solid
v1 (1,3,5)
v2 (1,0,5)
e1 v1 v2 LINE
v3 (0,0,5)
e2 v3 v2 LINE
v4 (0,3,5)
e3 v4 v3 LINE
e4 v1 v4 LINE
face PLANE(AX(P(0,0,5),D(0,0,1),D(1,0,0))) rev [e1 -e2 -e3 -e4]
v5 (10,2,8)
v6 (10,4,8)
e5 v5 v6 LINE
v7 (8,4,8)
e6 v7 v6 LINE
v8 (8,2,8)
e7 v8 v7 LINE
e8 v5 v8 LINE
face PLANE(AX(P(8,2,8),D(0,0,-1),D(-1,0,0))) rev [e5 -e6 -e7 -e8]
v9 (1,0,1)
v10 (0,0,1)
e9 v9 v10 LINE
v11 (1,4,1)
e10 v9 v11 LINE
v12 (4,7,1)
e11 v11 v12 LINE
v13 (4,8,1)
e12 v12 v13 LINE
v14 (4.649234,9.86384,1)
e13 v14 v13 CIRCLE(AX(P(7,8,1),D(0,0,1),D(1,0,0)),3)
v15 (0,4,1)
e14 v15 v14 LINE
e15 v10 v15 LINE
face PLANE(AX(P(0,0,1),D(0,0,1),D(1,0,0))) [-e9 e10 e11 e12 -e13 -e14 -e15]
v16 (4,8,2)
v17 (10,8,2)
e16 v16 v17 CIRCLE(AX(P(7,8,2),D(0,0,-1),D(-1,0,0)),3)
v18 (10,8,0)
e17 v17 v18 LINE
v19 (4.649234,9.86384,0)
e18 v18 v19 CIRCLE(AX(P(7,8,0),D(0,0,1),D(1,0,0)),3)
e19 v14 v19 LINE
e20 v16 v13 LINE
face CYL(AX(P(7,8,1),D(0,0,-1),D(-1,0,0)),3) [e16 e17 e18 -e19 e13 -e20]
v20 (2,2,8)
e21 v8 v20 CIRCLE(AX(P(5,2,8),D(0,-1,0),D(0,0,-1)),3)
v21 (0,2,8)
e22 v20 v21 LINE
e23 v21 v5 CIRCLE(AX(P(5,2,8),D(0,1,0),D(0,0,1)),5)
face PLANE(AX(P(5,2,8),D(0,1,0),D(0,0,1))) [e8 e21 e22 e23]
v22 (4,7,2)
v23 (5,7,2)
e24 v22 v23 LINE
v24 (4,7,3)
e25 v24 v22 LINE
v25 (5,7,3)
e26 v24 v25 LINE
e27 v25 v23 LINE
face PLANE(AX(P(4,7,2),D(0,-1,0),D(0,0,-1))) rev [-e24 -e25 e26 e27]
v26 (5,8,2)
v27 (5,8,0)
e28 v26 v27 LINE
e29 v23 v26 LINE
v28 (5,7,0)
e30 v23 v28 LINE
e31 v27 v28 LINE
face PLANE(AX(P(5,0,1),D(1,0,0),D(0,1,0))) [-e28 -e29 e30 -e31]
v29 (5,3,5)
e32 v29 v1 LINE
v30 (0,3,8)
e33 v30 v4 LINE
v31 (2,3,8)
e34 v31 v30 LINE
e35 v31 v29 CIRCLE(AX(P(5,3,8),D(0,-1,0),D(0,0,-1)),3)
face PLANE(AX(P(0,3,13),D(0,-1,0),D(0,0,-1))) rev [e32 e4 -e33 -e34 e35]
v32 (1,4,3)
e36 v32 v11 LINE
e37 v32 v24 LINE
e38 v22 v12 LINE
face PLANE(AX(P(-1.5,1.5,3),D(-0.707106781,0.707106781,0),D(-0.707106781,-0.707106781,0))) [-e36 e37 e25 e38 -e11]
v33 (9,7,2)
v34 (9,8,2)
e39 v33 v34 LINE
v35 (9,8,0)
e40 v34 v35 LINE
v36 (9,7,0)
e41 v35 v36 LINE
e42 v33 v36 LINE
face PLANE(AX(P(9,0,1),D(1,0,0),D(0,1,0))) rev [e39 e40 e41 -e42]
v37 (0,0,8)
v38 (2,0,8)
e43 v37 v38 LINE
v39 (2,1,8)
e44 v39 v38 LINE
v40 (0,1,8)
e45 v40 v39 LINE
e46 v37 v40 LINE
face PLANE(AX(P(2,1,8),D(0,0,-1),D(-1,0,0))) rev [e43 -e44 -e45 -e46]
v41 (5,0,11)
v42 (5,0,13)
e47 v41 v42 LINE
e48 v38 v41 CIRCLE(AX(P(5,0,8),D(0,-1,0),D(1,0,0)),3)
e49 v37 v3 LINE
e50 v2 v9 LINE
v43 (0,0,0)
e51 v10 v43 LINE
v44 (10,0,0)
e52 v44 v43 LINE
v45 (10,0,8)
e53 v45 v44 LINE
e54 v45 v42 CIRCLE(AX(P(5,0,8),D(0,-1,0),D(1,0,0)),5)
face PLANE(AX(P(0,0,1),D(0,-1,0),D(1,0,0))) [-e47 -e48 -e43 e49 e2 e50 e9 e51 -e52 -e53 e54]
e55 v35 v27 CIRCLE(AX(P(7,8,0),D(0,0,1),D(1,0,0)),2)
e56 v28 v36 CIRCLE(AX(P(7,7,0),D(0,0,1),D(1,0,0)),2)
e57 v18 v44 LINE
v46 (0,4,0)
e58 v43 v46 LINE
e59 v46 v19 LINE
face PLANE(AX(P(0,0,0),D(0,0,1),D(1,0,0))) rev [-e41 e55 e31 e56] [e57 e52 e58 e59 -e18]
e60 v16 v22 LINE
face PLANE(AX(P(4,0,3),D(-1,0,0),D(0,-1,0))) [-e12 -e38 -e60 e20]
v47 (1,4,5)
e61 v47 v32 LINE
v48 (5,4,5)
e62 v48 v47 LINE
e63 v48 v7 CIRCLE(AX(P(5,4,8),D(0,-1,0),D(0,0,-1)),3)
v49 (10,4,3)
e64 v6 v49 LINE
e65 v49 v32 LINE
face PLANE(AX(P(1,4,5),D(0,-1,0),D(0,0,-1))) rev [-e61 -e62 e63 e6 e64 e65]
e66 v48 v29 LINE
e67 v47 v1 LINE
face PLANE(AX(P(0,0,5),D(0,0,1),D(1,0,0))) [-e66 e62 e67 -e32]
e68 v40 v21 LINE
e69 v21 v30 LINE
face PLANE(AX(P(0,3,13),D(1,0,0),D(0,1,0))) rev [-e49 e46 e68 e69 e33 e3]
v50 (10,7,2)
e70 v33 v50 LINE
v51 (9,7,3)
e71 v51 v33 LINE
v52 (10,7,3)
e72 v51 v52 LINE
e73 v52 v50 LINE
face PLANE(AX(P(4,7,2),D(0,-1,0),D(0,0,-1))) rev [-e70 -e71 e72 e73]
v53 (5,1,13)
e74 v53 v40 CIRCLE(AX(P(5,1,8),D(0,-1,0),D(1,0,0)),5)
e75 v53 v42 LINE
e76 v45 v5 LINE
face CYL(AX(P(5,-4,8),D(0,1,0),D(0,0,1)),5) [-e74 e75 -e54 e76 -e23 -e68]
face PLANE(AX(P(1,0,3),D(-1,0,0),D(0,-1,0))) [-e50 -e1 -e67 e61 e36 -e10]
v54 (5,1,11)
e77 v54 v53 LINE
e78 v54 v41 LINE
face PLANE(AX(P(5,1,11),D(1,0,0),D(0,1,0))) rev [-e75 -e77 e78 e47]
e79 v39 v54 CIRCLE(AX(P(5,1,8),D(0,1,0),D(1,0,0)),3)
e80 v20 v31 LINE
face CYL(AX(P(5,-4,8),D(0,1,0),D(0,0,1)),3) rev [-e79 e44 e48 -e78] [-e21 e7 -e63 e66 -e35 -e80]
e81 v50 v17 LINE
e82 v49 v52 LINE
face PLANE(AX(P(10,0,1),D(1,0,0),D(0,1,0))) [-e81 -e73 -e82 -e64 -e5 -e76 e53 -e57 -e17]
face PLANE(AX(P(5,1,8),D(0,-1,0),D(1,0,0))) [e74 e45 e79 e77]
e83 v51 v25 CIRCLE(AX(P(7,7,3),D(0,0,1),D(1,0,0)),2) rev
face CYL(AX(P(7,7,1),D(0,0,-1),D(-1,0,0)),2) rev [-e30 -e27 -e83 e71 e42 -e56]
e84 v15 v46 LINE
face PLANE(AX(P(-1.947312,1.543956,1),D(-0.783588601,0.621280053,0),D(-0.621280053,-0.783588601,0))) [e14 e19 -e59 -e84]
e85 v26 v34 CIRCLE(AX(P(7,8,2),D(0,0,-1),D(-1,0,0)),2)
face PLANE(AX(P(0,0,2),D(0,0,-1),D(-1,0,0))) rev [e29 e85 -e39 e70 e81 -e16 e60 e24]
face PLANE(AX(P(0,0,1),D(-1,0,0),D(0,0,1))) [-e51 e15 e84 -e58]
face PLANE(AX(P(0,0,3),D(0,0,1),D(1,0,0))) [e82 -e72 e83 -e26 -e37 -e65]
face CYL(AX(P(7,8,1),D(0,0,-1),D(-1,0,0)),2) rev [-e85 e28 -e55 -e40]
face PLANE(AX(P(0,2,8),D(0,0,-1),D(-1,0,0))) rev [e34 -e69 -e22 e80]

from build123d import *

# Parameters (mm, degrees)
BOSS_EXTRUDE1_DEPTH = 1
BOSS_EXTRUDE3_DEPTH = 2
SKETCH5_W           = 6.323405325
SKETCH5_H           = 4.405706714
CUT_EXTRUDE2_DEPTH  = 1
SKETCH6_W           = 9
SKETCH6_H           = 4
BOSS_EXTRUDE4_DEPTH = 2
SKETCH7_W           = 10
SKETCH7_H           = 3
BOSS_EXTRUDE5_DEPTH = 8
SKETCH8_R           = 3
CUT_EXTRUDE3_DEPTH  = 8
CUT_EXTRUDE4_DEPTH  = 1
CUT_EXTRUDE5_DEPTH  = 1
BOSS_EXTRUDE6_DEPTH = 1


with BuildPart() as part:
    # Sketch2 → Boss-Extrude1 (new body)
    with BuildSketch(Plane.XY):
        with BuildLine():
            Line((0, 0), (0, 4))
            Line((0, 4), (4.649234196, 9.863840158))
            ThreePointArc((4.649234196, 9.863840158), (7.986839041, 10.833045836), (10, 8))
            Line((10, 8), (10, 0))
            Line((10, 0), (0, 0))
        make_face()
        with BuildLine():
            Line((9, 8), (9, 7))
            ThreePointArc((9, 7), (7, 5), (5, 7))
            Line((5, 7), (5, 8))
            ThreePointArc((5, 8), (7, 10), (9, 8))
        make_face(mode=Mode.SUBTRACT)
    extrude(amount=BOSS_EXTRUDE1_DEPTH)

    # Sketch3 → Boss-Extrude3 (add)
    with BuildSketch(Plane.XY.offset(1)):
        with BuildLine():
            Line((1, 4), (1, 0))
            Line((1, 0), (10, 0))
            Line((10, 0), (10, 8))
            ThreePointArc((10, 8), (7, 11), (4, 8))
            Line((4, 8), (4, 7))
            Line((4, 7), (1, 4))
        make_face()
        with BuildLine():
            Line((5, 7), (5, 8))
            ThreePointArc((5, 8), (7, 10), (9, 8))
            Line((9, 8), (9, 7))
            ThreePointArc((9, 7), (7, 5), (5, 7))
        make_face(mode=Mode.SUBTRACT)
    extrude(amount=BOSS_EXTRUDE3_DEPTH)

    # Sketch5 → Cut-Extrude2 (cut)
    with BuildSketch(Plane.XY.offset(3)):
        with Locations((7.161702663, 9.202853357)):
            Rectangle(SKETCH5_W, SKETCH5_H)
    extrude(amount=-CUT_EXTRUDE2_DEPTH, mode=Mode.SUBTRACT)

    # Sketch6 → Boss-Extrude4 (add)
    with BuildSketch(Plane.XY.offset(3)):
        with Locations((5.5, 2)):
            Rectangle(SKETCH6_W, SKETCH6_H)
    extrude(amount=BOSS_EXTRUDE4_DEPTH)

    # Sketch7 → Boss-Extrude5 (add)
    with BuildSketch(Plane.XY.offset(5)):
        with Locations((5, 1.5)):
            Rectangle(SKETCH7_W, SKETCH7_H)
    extrude(amount=BOSS_EXTRUDE5_DEPTH)

    # Sketch8 → Cut-Extrude3 (cut)
    with BuildSketch(Plane(origin=(0, 4, 0), x_dir=(1, 0, 0), z_dir=(0, 1, 0))):
        with BuildLine():
            Line((10, -16.316770955), (10, -8))
            ThreePointArc((10, -8), (5, -13), (0, -8))
            Line((0, -8), (0, -16.316770955))
            Line((0, -16.316770955), (10, -16.316770955))
        make_face()
        with Locations((5, -8)):
            Circle(SKETCH8_R)
    extrude(amount=-CUT_EXTRUDE3_DEPTH, mode=Mode.SUBTRACT)

    # Sketch9 → Cut-Extrude4 (cut)
    with BuildSketch(Plane.XZ):
        with BuildLine():
            Line((5, 11), (5, 13))
            ThreePointArc((5, 13), (1.464466094, 11.535533906), (0, 8))
            Line((0, 8), (2, 8))
            ThreePointArc((2, 8), (2.878679656, 10.121320344), (5, 11))
        make_face()
    extrude(amount=-CUT_EXTRUDE4_DEPTH, mode=Mode.SUBTRACT)

    # Sketch10 → Cut-Extrude5 (cut)
    with BuildSketch(Plane(origin=(0, 3, 0), x_dir=(1, 0, 0), z_dir=(0, 1, 0))):
        with BuildLine():
            Line((0, -8), (2, -8))
            ThreePointArc((2, -8), (5, -11), (8, -8))
            Line((8, -8), (10, -8))
            ThreePointArc((10, -8), (5, -13), (0, -8))
        make_face()
    extrude(amount=-CUT_EXTRUDE5_DEPTH, mode=Mode.SUBTRACT)

    # Sketch11 → Boss-Extrude6 (add)
    with BuildSketch(Plane(origin=(0, 3, 0), x_dir=(1, 0, 0), z_dir=(0, 1, 0))):
        with BuildLine():
            Line((8, -8), (10, -8))
            Line((10, -8), (10, -5))
            Line((10, -5), (5, -5))
            ThreePointArc((5, -5), (7.121320344, -5.878679656), (8, -8))
        make_face()
    extrude(amount=BOSS_EXTRUDE6_DEPTH)


solid = part.part
